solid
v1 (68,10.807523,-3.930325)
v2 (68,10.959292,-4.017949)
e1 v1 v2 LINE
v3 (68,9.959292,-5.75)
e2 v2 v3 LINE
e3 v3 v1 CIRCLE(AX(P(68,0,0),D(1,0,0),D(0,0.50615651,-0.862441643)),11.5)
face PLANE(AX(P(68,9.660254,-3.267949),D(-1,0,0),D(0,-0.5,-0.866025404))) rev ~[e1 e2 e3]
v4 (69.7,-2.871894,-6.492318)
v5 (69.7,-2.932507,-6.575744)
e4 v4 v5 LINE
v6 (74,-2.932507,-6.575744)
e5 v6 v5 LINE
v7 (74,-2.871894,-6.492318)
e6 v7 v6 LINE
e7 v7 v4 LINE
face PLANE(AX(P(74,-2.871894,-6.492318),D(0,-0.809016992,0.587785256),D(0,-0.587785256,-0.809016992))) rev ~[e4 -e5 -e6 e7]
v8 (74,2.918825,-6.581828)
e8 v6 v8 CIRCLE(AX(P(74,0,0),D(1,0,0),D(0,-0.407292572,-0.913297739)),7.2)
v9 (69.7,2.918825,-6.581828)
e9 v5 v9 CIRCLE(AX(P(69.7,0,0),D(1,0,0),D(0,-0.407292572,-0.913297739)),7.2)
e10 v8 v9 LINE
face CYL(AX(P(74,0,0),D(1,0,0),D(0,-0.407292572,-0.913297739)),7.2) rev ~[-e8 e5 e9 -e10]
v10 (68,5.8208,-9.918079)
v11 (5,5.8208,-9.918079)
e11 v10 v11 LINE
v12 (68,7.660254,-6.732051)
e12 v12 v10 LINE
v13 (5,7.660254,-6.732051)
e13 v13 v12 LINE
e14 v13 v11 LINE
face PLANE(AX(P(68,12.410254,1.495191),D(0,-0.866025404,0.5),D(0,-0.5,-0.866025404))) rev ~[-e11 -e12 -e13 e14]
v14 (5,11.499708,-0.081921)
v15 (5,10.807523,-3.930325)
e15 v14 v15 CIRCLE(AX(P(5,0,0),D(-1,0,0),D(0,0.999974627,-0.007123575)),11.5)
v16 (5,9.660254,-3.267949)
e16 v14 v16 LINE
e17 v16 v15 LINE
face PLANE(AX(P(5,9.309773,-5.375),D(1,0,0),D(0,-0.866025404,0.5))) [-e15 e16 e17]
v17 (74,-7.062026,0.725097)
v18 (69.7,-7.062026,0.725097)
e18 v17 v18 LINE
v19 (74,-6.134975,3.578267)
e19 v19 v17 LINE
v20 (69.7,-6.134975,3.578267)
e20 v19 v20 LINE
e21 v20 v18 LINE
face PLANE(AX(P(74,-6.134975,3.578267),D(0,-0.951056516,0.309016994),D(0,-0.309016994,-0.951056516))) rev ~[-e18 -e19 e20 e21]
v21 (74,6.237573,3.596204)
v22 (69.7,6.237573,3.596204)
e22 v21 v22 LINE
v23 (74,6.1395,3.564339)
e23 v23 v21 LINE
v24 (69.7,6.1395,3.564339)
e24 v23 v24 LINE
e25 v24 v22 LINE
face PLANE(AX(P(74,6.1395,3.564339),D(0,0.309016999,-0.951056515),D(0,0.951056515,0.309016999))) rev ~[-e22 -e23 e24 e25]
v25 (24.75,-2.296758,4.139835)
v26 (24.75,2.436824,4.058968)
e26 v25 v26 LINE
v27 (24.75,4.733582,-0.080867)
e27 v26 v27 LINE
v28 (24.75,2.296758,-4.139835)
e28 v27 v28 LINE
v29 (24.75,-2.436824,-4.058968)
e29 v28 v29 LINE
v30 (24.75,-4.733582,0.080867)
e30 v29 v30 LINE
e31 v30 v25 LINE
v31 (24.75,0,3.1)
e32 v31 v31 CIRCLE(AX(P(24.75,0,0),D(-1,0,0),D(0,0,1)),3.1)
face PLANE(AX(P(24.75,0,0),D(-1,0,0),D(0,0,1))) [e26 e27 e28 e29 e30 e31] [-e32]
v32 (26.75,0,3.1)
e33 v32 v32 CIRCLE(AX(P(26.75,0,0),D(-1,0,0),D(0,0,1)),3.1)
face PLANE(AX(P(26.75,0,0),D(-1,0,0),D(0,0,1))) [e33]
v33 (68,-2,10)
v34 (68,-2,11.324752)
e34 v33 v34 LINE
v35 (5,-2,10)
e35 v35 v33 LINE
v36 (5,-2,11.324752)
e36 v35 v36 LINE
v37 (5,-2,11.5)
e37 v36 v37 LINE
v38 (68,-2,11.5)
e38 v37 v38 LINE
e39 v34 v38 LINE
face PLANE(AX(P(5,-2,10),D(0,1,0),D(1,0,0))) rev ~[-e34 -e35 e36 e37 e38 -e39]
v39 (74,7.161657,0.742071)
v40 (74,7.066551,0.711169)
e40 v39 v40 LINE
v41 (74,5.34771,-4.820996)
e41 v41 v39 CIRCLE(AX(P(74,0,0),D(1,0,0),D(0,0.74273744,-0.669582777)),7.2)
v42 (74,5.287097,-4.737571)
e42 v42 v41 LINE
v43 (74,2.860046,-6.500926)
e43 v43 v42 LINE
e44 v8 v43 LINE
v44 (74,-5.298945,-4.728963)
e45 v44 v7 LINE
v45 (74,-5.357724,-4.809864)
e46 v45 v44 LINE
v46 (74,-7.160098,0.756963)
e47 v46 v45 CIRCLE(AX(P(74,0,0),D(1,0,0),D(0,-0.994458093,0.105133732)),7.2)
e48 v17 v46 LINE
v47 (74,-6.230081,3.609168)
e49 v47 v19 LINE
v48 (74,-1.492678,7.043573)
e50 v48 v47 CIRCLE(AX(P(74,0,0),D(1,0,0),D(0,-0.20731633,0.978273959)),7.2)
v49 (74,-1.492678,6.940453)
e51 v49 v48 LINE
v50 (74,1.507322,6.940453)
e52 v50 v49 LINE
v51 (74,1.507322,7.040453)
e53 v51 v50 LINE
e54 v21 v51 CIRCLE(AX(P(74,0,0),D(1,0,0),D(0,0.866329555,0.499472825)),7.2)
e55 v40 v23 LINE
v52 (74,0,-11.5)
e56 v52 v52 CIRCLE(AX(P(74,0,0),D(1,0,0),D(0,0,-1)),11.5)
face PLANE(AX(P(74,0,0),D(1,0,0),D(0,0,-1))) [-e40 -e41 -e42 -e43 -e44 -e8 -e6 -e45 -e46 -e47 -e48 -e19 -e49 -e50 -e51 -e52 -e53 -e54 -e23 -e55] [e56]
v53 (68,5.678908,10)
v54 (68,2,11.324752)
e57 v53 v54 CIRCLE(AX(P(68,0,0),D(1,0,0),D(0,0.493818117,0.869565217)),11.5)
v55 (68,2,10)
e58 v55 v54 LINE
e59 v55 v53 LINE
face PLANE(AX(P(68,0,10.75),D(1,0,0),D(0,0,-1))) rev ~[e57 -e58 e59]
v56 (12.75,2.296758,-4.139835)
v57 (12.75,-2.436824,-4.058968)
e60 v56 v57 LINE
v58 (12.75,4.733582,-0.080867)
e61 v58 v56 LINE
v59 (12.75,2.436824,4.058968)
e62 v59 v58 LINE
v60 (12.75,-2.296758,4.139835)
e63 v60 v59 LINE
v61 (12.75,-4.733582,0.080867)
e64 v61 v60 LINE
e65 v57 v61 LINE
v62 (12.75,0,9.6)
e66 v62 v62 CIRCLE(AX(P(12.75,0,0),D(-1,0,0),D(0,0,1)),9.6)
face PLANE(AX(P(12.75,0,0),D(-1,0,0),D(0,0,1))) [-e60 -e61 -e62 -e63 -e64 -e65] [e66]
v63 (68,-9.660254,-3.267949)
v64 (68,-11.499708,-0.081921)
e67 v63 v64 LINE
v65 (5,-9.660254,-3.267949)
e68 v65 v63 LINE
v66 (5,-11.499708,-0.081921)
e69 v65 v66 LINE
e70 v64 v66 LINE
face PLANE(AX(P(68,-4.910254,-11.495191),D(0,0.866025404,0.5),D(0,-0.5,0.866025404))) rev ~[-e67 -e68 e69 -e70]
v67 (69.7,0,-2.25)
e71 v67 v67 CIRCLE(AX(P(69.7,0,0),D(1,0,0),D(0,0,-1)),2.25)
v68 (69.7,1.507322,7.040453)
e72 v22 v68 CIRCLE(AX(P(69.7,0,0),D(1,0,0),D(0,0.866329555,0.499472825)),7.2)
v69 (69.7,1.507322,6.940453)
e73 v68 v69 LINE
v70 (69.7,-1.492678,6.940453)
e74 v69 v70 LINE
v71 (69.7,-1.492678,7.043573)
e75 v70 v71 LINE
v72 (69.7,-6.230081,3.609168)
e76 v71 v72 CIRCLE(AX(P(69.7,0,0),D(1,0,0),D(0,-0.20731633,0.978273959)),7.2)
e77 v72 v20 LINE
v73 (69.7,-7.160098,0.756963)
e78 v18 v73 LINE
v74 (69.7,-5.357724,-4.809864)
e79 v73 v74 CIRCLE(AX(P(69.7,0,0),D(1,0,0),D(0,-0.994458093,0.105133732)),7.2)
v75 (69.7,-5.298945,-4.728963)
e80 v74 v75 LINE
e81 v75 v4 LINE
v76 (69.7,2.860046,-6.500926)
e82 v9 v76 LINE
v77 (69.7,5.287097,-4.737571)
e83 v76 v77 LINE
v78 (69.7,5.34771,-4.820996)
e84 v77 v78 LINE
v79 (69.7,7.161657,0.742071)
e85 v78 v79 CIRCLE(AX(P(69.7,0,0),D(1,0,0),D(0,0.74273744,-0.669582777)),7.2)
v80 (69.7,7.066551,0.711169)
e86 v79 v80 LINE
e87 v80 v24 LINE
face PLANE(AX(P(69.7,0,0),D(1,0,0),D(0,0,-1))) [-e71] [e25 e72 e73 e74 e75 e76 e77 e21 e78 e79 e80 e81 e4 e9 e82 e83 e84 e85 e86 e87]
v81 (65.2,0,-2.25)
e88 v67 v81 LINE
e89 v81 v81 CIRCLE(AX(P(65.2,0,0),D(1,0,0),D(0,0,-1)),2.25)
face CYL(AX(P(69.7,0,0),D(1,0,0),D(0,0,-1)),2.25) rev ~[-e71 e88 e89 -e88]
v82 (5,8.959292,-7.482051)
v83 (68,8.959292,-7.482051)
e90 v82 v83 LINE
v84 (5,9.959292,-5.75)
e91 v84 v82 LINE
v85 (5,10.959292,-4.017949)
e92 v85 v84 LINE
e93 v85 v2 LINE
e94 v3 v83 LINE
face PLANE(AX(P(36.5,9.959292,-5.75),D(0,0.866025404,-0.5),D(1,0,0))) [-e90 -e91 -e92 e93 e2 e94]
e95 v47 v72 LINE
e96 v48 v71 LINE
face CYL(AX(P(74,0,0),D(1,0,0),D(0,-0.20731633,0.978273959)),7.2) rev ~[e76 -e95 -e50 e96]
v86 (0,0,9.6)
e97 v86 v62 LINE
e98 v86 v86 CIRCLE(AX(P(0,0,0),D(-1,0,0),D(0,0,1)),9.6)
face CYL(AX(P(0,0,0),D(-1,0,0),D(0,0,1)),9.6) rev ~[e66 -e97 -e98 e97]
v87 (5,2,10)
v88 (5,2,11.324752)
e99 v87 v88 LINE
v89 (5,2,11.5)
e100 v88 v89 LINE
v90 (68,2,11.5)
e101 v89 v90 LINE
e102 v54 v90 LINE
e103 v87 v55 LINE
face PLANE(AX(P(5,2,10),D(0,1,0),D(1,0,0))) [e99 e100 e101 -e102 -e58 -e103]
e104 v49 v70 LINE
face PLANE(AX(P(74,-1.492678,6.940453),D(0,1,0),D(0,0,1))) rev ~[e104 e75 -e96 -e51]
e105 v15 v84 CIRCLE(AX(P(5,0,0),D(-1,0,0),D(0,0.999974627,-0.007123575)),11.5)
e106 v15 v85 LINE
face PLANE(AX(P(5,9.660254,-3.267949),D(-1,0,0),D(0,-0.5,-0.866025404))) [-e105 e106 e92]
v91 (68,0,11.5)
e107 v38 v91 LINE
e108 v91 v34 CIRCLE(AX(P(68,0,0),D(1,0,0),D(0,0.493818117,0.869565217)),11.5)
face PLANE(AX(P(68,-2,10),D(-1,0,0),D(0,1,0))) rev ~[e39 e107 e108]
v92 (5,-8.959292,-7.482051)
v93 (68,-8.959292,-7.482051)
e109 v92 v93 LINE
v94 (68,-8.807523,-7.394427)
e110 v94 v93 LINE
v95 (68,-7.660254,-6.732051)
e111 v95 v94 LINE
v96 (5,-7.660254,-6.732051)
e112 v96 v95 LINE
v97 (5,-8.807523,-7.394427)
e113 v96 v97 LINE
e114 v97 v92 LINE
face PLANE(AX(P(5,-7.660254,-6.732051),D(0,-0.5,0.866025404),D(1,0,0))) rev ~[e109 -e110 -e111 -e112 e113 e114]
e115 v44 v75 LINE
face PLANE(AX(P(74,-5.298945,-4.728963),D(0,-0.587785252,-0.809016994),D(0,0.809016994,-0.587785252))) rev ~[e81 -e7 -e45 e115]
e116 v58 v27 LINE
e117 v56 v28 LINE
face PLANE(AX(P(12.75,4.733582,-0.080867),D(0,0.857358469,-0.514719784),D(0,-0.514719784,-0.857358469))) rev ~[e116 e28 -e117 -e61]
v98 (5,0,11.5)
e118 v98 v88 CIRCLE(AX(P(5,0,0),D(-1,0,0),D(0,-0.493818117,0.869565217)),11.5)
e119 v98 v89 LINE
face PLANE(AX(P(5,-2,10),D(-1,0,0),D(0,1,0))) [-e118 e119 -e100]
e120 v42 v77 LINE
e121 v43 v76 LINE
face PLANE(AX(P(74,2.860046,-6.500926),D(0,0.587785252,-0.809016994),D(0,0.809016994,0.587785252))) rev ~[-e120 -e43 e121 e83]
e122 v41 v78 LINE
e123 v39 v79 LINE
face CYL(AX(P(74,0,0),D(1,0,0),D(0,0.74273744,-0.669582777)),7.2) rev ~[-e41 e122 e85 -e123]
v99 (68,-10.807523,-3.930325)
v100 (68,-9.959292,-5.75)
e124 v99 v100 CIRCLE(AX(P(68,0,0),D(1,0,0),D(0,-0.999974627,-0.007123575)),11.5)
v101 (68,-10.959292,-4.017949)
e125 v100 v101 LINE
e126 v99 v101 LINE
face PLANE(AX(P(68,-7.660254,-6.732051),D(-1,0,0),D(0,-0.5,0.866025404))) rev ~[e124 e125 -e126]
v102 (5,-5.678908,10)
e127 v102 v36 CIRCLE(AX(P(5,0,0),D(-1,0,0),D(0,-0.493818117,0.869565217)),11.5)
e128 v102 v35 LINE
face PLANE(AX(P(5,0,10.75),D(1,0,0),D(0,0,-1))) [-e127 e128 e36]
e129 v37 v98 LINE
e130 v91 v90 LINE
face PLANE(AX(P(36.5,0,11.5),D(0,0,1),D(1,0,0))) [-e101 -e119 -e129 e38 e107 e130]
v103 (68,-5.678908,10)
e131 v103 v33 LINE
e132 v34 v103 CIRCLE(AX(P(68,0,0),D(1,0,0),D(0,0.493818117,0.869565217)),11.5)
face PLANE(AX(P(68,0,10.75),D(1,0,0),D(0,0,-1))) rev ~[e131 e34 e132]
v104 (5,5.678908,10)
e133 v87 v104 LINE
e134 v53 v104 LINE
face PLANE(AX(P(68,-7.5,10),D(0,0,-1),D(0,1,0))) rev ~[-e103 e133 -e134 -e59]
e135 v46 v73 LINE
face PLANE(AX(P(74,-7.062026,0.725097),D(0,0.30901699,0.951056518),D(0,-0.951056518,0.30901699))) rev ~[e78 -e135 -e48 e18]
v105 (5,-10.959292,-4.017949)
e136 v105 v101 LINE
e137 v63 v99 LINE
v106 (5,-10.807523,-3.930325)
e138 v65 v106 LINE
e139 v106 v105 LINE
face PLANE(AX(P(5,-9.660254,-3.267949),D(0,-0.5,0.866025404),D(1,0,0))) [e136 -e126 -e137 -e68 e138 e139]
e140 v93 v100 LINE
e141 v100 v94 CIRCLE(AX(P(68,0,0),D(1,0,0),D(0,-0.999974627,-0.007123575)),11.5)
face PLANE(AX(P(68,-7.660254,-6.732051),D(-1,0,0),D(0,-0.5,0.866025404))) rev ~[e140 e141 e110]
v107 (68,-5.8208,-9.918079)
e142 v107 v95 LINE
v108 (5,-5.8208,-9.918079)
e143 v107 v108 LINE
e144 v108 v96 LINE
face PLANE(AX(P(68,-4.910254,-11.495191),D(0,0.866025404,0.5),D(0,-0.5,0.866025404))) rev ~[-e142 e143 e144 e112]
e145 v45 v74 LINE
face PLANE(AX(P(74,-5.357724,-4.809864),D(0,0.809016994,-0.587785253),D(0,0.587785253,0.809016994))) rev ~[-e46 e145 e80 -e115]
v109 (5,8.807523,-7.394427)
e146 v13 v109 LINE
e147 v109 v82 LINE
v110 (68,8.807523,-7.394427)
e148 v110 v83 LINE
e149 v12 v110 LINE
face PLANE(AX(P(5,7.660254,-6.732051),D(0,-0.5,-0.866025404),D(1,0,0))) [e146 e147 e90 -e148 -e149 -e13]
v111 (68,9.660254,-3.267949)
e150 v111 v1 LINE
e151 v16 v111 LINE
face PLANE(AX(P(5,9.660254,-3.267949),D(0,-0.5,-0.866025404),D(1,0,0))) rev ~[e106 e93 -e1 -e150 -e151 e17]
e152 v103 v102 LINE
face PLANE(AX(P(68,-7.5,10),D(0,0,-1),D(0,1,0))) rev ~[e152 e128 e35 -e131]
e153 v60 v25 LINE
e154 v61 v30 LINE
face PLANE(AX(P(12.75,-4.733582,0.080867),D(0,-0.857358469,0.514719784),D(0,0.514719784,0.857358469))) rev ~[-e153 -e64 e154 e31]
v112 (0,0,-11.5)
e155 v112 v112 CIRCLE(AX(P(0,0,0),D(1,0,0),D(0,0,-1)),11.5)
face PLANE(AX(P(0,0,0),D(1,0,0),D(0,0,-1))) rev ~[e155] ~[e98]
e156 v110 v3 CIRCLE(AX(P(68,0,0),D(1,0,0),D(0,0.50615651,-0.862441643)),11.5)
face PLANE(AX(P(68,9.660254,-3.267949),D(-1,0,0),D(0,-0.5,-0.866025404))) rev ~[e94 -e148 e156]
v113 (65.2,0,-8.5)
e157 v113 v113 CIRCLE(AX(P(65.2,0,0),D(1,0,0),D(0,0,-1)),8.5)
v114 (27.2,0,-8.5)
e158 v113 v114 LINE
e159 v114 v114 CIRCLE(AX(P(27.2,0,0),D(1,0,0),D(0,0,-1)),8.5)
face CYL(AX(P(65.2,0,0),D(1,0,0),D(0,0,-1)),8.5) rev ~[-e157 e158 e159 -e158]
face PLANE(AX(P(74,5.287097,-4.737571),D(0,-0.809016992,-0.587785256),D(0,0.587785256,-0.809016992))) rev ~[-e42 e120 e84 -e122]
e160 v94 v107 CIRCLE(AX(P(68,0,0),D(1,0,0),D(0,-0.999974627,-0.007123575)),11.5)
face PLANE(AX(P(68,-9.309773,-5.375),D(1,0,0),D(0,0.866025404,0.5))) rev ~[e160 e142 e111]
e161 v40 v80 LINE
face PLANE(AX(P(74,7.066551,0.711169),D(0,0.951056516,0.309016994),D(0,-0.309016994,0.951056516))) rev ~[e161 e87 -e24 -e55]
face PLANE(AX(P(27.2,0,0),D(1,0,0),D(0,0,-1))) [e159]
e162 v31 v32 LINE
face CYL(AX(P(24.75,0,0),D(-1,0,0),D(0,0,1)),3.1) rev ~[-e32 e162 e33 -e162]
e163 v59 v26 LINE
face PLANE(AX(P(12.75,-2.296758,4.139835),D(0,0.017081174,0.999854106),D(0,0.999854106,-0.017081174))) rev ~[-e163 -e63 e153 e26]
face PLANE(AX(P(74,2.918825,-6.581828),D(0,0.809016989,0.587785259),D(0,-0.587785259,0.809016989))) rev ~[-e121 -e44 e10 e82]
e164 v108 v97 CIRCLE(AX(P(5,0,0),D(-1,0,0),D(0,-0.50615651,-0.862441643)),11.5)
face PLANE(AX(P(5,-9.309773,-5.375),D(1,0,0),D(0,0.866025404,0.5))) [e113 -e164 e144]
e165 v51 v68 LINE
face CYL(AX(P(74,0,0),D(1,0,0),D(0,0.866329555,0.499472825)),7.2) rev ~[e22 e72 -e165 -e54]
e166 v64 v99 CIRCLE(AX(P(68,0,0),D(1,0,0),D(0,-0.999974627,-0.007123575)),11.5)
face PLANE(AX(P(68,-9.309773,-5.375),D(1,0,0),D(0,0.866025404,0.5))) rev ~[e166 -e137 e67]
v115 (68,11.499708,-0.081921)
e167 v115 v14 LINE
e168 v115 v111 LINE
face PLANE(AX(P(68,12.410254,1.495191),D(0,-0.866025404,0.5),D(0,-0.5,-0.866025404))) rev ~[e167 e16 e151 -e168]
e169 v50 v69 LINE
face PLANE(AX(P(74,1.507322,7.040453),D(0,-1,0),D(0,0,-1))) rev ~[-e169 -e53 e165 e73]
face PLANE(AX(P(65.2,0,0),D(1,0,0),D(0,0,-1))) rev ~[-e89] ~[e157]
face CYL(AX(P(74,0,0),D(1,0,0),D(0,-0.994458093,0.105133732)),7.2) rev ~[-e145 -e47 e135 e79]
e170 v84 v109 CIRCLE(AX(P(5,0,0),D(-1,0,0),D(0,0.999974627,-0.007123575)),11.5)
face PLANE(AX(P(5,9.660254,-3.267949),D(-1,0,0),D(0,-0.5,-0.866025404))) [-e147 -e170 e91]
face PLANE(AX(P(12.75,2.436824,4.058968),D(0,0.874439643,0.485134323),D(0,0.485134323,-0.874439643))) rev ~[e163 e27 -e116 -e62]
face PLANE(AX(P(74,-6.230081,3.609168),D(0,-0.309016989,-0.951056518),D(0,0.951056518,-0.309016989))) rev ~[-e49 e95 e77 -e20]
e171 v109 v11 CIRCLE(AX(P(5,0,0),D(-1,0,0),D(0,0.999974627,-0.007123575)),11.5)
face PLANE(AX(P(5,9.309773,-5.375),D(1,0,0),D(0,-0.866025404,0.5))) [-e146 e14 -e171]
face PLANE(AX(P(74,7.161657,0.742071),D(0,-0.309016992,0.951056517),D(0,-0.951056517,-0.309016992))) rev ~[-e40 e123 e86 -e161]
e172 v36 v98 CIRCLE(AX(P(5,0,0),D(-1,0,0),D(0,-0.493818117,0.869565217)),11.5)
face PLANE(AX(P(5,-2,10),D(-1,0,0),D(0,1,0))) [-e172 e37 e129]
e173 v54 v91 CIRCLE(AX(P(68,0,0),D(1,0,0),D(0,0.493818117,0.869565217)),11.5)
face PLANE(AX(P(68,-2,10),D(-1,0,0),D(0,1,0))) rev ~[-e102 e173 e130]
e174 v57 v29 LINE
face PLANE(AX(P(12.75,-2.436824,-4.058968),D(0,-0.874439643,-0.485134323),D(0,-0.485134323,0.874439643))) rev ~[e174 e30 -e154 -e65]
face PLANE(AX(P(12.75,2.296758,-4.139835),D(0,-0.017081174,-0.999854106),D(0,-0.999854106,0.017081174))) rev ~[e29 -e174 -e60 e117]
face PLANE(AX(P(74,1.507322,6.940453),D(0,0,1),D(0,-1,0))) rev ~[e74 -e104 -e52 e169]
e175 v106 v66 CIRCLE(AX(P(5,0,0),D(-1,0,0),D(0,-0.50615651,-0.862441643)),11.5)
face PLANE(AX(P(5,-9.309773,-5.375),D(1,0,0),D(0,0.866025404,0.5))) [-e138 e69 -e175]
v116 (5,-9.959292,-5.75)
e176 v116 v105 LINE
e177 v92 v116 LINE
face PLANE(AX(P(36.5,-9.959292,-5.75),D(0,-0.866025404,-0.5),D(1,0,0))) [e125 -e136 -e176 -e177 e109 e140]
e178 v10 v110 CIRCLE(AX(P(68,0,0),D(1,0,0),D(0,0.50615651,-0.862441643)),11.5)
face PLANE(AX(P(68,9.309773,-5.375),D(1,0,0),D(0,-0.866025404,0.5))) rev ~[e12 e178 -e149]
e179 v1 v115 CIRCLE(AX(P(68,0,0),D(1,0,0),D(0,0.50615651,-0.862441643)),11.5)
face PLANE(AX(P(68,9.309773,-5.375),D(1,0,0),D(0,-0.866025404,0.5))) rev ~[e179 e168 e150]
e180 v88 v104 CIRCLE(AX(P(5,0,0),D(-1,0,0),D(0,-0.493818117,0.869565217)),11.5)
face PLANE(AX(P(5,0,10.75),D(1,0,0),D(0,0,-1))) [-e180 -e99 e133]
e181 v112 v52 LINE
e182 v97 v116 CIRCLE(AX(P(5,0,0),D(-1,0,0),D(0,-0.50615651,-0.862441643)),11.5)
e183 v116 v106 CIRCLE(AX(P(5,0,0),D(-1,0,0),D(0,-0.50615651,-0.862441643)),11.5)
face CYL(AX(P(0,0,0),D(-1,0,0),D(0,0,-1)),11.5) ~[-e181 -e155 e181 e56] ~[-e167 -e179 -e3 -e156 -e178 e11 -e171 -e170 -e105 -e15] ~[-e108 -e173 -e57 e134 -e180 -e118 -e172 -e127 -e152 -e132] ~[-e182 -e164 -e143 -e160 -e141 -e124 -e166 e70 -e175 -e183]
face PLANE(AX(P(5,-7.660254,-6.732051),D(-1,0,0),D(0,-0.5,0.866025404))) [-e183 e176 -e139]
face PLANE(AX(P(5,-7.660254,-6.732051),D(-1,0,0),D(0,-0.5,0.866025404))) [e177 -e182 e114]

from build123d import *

# Parameters (mm, degrees)
SKIZZE1_R                                 = 11.5
GRUNDK_RPER_WALZE_DEPTH                   = 74
PRESSPASSUNG_KUGELLAGER_DEPTH             = 4.3
SKIZZE3_R                                 = 2.25
M4_SCHRAUBENF_HRUNG_DEPTH                 = 4.5
SKIZZE4_R                                 = 9.6
MOTORAUSSPARUNG_DEPTH                     = 12.75
ZERST_RUNGSELEMENT_START                  = -6
SKIZZE7_W                                 = 1.5
SKIZZE7_H                                 = 15
ZERST_RUNGSELEMENT_AUSSPARUNG_DEPTH       = 63
SKIZZE8_W                                 = 63
SKIZZE8_H                                 = 4
ZERST_RUNGSELEMENT_RECHTECK_DEPTH         = 1.5
M5_MOTOR_MUTTER_DEPTH                     = 12
SKIZZE12_R                                = 3.1
M5_AUSLAUF_SCHRAUBE_DEPTH                 = 2
ZERST_RUNGSELEMENT_VERVIELF_LTIGUNG_COUNT = 3
SKIZZE13_R                                = 8.5
INNENAUSPARUNG_HOHL_DEPTH                 = 38


with BuildPart() as part:
    # Skizze1 → Grundkörper Walze (new body)
    with BuildSketch(Plane(origin=(0, 0, 0), x_dir=(0, 0, -1), z_dir=(1, 0, 0))):
        Circle(SKIZZE1_R)
    extrude(amount=GRUNDK_RPER_WALZE_DEPTH)

    # Skizze2 → Presspassung Kugellager (cut)
    with BuildSketch(Plane(origin=(74, 0, 0), x_dir=(0, 0, -1), z_dir=(1, 0, 0))):
        with BuildLine():
            Line((-7.040453047, 1.507322425), (-6.940453047, 1.507322425))
            Line((-6.940453047, 1.507322425), (-6.940453047, -1.492677575))
            Line((-6.940453047, -1.492677575), (-7.043572507, -1.492677575))
            ThreePointArc((-7.043572507, -1.492677575), (-5.829319782, -4.225994662), (-3.609168454, -6.230080503))
            Line((-3.609168454, -6.230080503), (-3.578266755, -6.134974851))
            Line((-3.578266755, -6.134974851), (-0.725097206, -7.062025834))
            Line((-0.725097206, -7.062025834), (-0.756962871, -7.160098268))
            ThreePointArc((-0.756962871, -7.160098268), (2.217800882, -6.849916733), (4.809864271, -5.357723928))
            Line((4.809864271, -5.357723928), (4.728962572, -5.298945403))
            Line((4.728962572, -5.298945403), (6.492318329, -2.87189442))
            Line((6.492318329, -2.87189442), (6.575743724, -2.932506518))
            ThreePointArc((6.575743724, -2.932506518), (7.199996108, -0.007486699), (6.581828055, 2.918825013))
            Line((6.581828055, 2.918825013), (6.500926356, 2.860046487))
            Line((6.500926356, 2.860046487), (4.737570599, 5.28709747))
            Line((4.737570599, 5.28709747), (4.820995994, 5.347709568))
            ThreePointArc((4.820995994, 5.347709568), (2.232041431, 6.845289698), (-0.742070825, 7.161656993))
            Line((-0.742070825, 7.161656993), (-0.711169126, 7.066551342))
            Line((-0.711169126, 7.066551342), (-3.564338674, 6.139500359))
            Line((-3.564338674, 6.139500359), (-3.59620434, 6.237572793))
            ThreePointArc((-3.59620434, 6.237572793), (-5.820518639, 4.238108396), (-7.040453047, 1.507322425))
        make_face()
    extrude(amount=-PRESSPASSUNG_KUGELLAGER_DEPTH, mode=Mode.SUBTRACT)

    # Skizze3 → M4 Schraubenführung (cut)
    with BuildSketch(Plane(origin=(69.7, 0, 0), x_dir=(0, 0, -1), z_dir=(1, 0, 0))):
        Circle(SKIZZE3_R)
    extrude(amount=-M4_SCHRAUBENF_HRUNG_DEPTH, mode=Mode.SUBTRACT)

    # Skizze4 → Motoraussparung (cut)
    with BuildSketch(Plane.ZY):
        Circle(SKIZZE4_R)
    extrude(amount=-MOTORAUSSPARUNG_DEPTH, mode=Mode.SUBTRACT)

    # Skizze7 → Zerstörungselement Aussparung (cut)
    with BuildSketch(Plane(origin=(74, 0, 0), x_dir=(0, 0, -1), z_dir=(1, 0, 0)).offset(ZERST_RUNGSELEMENT_START)):
        with Locations((-10.75, 0)):
            Rectangle(SKIZZE7_W, SKIZZE7_H)
    zerst_rungselement_aussparung = extrude(amount=-ZERST_RUNGSELEMENT_AUSSPARUNG_DEPTH, mode=Mode.SUBTRACT)

    # Skizze8 → Zerstörungselement Rechteck (add)
    with BuildSketch(Plane.XY.offset(10)):
        with Locations((36.5, 0)):
            Rectangle(SKIZZE8_W, SKIZZE8_H)
    zerst_rungselement_rechteck = extrude(amount=ZERST_RUNGSELEMENT_RECHTECK_DEPTH)

    # Skizze10 → M5 Motor Mutter (cut)
    with BuildSketch(Plane.ZY.offset(-12.75)):
        Polygon((4.139835299, -2.29675794), (4.058968371, 2.436823566), (-0.080866927, 4.733581506), (-4.139835299, 2.29675794), (-4.058968371, -2.436823566), (0.080866927, -4.733581506), align=None)
    extrude(amount=-M5_MOTOR_MUTTER_DEPTH, mode=Mode.SUBTRACT)

    # Skizze12 → M5 Auslauf Schraube (cut)
    with BuildSketch(Plane.ZY.offset(-24.75)):
        Circle(SKIZZE12_R)
    extrude(amount=-M5_AUSLAUF_SCHRAUBE_DEPTH, mode=Mode.SUBTRACT)

    # Zerstörungselement Vervielfältigung: Zerstörungselement Aussparung, Zerstörungselement Rechteck ×3 about axis
    zerst_rungselement_vervielf_ltigung_axis = Axis((0, 0, 0), (1, 0, 0))
    add([zerst_rungselement_aussparung.rotate(zerst_rungselement_vervielf_ltigung_axis, i * 360 / ZERST_RUNGSELEMENT_VERVIELF_LTIGUNG_COUNT) for i in range(1, ZERST_RUNGSELEMENT_VERVIELF_LTIGUNG_COUNT)], mode=Mode.SUBTRACT)
    add([zerst_rungselement_rechteck.rotate(zerst_rungselement_vervielf_ltigung_axis, i * 360 / ZERST_RUNGSELEMENT_VERVIELF_LTIGUNG_COUNT) for i in range(1, ZERST_RUNGSELEMENT_VERVIELF_LTIGUNG_COUNT)])

    # Skizze13 → Innenausparung hohl (cut)
    with BuildSketch(Plane(origin=(65.2, 0, 0), x_dir=(0, 0, -1), z_dir=(1, 0, 0))):
        Circle(SKIZZE13_R)
    extrude(amount=-INNENAUSPARUNG_HOHL_DEPTH, mode=Mode.SUBTRACT)


solid = part.part
